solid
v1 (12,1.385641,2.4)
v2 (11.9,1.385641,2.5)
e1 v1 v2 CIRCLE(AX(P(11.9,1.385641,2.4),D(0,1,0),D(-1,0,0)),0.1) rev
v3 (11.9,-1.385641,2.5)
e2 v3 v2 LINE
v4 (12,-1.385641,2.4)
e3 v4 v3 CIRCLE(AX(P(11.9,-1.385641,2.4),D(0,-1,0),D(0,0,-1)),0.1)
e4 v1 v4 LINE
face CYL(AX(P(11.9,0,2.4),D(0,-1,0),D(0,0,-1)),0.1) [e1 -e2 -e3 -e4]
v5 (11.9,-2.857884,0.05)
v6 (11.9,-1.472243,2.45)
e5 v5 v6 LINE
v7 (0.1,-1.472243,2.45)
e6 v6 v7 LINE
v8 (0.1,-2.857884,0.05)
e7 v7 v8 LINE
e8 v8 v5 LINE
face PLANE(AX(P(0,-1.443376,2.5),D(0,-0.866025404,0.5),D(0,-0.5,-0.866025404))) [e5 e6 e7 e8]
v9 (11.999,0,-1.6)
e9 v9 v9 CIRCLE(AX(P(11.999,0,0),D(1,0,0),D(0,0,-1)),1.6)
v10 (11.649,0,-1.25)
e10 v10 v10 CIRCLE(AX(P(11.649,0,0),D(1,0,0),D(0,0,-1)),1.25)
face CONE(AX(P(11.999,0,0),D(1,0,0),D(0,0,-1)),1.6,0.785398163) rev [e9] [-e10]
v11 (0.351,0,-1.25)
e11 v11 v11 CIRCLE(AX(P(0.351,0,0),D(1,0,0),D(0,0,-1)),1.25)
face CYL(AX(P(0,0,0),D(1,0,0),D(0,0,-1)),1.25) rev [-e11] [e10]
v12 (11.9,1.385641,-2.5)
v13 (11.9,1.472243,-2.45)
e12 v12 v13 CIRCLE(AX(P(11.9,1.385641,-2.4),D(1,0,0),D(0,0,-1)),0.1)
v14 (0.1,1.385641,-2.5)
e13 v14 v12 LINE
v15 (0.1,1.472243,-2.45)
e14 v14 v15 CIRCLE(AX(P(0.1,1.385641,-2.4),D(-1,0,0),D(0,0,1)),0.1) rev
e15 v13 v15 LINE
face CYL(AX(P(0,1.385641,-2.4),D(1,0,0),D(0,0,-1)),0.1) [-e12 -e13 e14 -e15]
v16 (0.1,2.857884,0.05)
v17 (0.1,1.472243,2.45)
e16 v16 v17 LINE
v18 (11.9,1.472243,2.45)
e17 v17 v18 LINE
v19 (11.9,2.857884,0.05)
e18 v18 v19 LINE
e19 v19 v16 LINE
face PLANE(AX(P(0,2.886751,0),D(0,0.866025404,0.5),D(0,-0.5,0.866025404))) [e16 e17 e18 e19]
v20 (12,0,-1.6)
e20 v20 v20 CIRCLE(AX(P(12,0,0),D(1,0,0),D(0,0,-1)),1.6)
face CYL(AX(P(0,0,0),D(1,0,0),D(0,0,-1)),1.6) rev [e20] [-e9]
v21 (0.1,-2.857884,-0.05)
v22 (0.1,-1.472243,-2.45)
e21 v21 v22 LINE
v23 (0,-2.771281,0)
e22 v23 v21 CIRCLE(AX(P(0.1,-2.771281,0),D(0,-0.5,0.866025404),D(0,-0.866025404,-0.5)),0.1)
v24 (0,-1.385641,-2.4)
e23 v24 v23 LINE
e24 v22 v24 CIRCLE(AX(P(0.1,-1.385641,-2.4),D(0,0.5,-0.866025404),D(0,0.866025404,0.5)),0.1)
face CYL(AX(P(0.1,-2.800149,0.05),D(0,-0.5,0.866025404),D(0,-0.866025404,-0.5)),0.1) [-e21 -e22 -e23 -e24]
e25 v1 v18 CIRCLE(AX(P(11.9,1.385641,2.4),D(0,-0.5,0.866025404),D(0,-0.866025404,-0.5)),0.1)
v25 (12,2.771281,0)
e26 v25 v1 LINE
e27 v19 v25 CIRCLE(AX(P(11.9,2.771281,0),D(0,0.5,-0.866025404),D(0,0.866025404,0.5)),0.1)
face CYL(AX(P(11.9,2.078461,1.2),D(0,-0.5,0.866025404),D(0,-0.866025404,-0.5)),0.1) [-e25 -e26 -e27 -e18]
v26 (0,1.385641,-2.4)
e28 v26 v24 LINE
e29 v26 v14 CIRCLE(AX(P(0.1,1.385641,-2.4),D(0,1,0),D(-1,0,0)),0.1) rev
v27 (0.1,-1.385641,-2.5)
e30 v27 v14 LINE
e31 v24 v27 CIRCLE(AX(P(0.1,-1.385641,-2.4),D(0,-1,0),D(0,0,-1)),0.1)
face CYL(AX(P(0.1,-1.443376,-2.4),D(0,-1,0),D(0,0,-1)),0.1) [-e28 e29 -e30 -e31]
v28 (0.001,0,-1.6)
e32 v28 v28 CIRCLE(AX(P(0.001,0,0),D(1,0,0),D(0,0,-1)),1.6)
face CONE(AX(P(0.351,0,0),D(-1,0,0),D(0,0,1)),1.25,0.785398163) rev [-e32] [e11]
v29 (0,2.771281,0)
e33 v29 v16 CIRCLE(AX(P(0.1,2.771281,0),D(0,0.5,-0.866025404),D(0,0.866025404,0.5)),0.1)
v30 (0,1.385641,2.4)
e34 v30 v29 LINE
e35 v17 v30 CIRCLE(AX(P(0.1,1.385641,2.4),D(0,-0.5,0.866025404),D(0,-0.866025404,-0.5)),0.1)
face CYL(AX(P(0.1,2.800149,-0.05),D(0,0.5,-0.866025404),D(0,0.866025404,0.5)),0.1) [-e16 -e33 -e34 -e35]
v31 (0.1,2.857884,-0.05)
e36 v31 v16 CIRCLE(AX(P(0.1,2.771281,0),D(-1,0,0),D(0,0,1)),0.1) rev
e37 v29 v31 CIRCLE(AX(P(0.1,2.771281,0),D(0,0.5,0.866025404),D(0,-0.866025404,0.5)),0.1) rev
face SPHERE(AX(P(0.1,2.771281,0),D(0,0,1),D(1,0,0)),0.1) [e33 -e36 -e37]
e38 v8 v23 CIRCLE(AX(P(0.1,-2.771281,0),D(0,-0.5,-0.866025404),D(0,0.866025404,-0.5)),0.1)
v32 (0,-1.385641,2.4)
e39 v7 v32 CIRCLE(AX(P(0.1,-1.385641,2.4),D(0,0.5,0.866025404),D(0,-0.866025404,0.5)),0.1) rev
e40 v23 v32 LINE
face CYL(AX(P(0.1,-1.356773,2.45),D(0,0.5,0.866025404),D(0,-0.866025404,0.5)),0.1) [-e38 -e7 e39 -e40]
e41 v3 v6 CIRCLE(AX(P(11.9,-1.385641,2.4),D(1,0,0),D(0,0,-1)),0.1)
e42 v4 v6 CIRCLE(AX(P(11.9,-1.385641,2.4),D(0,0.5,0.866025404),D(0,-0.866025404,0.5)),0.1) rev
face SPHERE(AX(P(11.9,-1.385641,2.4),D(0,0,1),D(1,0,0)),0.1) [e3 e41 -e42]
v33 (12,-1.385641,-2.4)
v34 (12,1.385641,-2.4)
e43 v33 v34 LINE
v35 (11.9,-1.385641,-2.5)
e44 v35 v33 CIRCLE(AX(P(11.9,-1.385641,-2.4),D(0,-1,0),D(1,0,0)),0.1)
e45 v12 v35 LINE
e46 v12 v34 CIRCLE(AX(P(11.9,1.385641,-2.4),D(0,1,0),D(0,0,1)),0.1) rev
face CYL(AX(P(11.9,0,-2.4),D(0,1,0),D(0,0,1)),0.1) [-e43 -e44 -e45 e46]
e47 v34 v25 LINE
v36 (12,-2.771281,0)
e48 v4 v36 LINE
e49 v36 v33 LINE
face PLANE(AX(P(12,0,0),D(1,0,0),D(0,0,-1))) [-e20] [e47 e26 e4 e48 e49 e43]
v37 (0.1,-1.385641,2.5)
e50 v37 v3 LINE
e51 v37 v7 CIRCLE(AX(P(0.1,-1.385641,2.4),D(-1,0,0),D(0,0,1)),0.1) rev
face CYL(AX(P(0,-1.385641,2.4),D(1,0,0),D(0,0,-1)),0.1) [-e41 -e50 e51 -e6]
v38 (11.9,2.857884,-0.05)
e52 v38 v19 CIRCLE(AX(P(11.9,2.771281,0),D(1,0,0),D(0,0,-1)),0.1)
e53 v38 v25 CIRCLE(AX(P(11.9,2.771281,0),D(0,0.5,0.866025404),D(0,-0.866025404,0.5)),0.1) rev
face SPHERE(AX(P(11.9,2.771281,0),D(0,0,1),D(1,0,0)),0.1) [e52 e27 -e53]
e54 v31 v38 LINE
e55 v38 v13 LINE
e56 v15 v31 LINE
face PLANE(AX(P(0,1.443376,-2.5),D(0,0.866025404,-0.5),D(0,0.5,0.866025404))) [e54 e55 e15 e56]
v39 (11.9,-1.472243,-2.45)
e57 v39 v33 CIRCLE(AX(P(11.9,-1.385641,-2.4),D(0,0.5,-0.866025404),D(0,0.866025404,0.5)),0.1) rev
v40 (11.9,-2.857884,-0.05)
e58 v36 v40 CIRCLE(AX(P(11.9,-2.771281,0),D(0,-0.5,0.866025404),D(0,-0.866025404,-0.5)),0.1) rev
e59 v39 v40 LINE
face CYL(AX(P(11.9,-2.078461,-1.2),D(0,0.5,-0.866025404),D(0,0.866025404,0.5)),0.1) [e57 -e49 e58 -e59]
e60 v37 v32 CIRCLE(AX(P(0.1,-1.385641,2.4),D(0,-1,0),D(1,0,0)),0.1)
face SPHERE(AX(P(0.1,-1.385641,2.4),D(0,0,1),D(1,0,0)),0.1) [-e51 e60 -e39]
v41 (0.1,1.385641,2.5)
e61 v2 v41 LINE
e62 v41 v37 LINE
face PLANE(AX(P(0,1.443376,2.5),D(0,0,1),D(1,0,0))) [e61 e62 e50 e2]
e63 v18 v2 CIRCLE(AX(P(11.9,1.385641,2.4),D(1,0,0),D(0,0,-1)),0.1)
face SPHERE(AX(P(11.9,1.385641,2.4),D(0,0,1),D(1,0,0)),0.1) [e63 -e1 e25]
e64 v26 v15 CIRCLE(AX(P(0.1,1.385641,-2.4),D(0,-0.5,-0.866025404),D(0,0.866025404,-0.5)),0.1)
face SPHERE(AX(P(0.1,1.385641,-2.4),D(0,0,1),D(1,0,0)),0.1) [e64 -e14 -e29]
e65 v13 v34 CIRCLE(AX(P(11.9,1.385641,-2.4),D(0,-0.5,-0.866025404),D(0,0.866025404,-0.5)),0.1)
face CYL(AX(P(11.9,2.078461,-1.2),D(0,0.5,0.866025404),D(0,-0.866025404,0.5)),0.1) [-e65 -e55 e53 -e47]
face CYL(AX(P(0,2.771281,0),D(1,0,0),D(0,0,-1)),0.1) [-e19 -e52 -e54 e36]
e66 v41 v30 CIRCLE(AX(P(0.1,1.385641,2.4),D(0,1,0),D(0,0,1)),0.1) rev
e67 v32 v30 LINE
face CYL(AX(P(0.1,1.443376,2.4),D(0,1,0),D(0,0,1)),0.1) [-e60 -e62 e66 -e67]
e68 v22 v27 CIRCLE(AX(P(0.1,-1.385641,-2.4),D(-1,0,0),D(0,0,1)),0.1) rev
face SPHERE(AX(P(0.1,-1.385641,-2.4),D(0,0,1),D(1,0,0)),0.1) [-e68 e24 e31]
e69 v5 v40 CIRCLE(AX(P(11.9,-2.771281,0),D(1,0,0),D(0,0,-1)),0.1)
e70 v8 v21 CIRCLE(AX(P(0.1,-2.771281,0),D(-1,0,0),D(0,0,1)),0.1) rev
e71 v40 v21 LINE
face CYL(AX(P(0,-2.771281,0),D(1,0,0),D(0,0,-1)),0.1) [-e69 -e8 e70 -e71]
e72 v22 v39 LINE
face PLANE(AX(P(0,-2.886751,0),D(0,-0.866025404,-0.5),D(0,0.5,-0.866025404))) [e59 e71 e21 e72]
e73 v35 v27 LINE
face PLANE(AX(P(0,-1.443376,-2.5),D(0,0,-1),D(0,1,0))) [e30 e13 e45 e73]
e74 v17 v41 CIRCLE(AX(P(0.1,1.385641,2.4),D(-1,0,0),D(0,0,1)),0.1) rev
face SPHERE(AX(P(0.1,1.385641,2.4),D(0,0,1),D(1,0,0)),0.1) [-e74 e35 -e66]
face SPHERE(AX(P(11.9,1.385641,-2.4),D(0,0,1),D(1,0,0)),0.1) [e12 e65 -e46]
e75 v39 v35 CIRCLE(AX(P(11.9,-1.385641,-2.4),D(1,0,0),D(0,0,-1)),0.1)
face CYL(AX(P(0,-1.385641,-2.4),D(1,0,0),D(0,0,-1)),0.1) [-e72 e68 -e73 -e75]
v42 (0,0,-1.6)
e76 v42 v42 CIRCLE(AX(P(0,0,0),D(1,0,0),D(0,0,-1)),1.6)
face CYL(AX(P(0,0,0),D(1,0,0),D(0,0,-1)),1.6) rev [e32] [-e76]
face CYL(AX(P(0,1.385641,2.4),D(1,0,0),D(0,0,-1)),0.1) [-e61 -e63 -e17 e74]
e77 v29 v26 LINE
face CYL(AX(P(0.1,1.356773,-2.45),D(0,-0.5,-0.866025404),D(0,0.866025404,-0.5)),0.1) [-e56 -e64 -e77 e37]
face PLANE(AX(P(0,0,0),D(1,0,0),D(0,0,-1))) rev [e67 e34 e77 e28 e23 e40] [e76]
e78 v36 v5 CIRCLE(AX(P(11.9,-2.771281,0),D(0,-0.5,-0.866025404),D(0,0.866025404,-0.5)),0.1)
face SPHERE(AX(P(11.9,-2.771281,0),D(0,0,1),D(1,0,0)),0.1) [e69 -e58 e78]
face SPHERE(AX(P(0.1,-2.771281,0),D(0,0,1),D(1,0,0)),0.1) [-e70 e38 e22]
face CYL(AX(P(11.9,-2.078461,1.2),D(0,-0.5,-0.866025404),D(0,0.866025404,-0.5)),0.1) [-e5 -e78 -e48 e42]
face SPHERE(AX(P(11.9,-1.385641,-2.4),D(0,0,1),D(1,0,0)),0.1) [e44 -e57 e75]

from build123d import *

# Parameters (mm, degrees)
BOSS_EXTRUDE1_DEPTH = 12
FILLET1_R           = 0.1


with BuildPart() as part:
    # Sketch1 → Boss-Extrude1 (new body)
    with BuildSketch(Plane(origin=(12, 0, 0), x_dir=(0, 0, -1), z_dir=(1, 0, 0))):
        Polygon((-2.5, 1.443375673), (-2.5, -1.443375673), (0, -2.886751346), (2.5, -1.443375673), (2.5, 1.443375673), (0, 2.886751346), align=None)
    extrude(amount=-BOSS_EXTRUDE1_DEPTH)

    # Sketch2 → Cut-Revolve1 (revolve, cut)
    with BuildSketch(Plane.XY):
        Polygon((0, 1.6), (0, 0), (12, 0), (12, 1.6), (11.649, 1.25), (0.351, 1.25), (0.001, 1.6), align=None)
    revolve(axis=Axis((0, 0, 0), (1, 0, 0)), mode=Mode.SUBTRACT)

    # Fillet1
    fillet1_edges = [part.edges().sort_by_distance(p)[0] for p in [
        (0, -2.165063509, 1.25),
        (6, 2.886751346, 0),
        (6, 1.443375673, -2.5),
        (6, -1.443375673, -2.5),
        (6, -2.886751346, 0),
        (6, -1.443375673, 2.5),
        (6, 1.443375673, 2.5),
        (0, -2.165063509, -1.25),
        (0, 0, -2.5),
        (0, 2.165063509, -1.25),
        (0, 2.165063509, 1.25),
        (12, 2.165063509, -1.25),
        (12, 0, -2.5),
        (12, -2.165063509, -1.25),
        (0, 0, 2.5),
        (12, -2.165063509, 1.25),
        (12, 0, 2.5),
        (12, 2.165063509, 1.25),
    ]]
    fillet(fillet1_edges, radius=FILLET1_R)


solid = part.part
